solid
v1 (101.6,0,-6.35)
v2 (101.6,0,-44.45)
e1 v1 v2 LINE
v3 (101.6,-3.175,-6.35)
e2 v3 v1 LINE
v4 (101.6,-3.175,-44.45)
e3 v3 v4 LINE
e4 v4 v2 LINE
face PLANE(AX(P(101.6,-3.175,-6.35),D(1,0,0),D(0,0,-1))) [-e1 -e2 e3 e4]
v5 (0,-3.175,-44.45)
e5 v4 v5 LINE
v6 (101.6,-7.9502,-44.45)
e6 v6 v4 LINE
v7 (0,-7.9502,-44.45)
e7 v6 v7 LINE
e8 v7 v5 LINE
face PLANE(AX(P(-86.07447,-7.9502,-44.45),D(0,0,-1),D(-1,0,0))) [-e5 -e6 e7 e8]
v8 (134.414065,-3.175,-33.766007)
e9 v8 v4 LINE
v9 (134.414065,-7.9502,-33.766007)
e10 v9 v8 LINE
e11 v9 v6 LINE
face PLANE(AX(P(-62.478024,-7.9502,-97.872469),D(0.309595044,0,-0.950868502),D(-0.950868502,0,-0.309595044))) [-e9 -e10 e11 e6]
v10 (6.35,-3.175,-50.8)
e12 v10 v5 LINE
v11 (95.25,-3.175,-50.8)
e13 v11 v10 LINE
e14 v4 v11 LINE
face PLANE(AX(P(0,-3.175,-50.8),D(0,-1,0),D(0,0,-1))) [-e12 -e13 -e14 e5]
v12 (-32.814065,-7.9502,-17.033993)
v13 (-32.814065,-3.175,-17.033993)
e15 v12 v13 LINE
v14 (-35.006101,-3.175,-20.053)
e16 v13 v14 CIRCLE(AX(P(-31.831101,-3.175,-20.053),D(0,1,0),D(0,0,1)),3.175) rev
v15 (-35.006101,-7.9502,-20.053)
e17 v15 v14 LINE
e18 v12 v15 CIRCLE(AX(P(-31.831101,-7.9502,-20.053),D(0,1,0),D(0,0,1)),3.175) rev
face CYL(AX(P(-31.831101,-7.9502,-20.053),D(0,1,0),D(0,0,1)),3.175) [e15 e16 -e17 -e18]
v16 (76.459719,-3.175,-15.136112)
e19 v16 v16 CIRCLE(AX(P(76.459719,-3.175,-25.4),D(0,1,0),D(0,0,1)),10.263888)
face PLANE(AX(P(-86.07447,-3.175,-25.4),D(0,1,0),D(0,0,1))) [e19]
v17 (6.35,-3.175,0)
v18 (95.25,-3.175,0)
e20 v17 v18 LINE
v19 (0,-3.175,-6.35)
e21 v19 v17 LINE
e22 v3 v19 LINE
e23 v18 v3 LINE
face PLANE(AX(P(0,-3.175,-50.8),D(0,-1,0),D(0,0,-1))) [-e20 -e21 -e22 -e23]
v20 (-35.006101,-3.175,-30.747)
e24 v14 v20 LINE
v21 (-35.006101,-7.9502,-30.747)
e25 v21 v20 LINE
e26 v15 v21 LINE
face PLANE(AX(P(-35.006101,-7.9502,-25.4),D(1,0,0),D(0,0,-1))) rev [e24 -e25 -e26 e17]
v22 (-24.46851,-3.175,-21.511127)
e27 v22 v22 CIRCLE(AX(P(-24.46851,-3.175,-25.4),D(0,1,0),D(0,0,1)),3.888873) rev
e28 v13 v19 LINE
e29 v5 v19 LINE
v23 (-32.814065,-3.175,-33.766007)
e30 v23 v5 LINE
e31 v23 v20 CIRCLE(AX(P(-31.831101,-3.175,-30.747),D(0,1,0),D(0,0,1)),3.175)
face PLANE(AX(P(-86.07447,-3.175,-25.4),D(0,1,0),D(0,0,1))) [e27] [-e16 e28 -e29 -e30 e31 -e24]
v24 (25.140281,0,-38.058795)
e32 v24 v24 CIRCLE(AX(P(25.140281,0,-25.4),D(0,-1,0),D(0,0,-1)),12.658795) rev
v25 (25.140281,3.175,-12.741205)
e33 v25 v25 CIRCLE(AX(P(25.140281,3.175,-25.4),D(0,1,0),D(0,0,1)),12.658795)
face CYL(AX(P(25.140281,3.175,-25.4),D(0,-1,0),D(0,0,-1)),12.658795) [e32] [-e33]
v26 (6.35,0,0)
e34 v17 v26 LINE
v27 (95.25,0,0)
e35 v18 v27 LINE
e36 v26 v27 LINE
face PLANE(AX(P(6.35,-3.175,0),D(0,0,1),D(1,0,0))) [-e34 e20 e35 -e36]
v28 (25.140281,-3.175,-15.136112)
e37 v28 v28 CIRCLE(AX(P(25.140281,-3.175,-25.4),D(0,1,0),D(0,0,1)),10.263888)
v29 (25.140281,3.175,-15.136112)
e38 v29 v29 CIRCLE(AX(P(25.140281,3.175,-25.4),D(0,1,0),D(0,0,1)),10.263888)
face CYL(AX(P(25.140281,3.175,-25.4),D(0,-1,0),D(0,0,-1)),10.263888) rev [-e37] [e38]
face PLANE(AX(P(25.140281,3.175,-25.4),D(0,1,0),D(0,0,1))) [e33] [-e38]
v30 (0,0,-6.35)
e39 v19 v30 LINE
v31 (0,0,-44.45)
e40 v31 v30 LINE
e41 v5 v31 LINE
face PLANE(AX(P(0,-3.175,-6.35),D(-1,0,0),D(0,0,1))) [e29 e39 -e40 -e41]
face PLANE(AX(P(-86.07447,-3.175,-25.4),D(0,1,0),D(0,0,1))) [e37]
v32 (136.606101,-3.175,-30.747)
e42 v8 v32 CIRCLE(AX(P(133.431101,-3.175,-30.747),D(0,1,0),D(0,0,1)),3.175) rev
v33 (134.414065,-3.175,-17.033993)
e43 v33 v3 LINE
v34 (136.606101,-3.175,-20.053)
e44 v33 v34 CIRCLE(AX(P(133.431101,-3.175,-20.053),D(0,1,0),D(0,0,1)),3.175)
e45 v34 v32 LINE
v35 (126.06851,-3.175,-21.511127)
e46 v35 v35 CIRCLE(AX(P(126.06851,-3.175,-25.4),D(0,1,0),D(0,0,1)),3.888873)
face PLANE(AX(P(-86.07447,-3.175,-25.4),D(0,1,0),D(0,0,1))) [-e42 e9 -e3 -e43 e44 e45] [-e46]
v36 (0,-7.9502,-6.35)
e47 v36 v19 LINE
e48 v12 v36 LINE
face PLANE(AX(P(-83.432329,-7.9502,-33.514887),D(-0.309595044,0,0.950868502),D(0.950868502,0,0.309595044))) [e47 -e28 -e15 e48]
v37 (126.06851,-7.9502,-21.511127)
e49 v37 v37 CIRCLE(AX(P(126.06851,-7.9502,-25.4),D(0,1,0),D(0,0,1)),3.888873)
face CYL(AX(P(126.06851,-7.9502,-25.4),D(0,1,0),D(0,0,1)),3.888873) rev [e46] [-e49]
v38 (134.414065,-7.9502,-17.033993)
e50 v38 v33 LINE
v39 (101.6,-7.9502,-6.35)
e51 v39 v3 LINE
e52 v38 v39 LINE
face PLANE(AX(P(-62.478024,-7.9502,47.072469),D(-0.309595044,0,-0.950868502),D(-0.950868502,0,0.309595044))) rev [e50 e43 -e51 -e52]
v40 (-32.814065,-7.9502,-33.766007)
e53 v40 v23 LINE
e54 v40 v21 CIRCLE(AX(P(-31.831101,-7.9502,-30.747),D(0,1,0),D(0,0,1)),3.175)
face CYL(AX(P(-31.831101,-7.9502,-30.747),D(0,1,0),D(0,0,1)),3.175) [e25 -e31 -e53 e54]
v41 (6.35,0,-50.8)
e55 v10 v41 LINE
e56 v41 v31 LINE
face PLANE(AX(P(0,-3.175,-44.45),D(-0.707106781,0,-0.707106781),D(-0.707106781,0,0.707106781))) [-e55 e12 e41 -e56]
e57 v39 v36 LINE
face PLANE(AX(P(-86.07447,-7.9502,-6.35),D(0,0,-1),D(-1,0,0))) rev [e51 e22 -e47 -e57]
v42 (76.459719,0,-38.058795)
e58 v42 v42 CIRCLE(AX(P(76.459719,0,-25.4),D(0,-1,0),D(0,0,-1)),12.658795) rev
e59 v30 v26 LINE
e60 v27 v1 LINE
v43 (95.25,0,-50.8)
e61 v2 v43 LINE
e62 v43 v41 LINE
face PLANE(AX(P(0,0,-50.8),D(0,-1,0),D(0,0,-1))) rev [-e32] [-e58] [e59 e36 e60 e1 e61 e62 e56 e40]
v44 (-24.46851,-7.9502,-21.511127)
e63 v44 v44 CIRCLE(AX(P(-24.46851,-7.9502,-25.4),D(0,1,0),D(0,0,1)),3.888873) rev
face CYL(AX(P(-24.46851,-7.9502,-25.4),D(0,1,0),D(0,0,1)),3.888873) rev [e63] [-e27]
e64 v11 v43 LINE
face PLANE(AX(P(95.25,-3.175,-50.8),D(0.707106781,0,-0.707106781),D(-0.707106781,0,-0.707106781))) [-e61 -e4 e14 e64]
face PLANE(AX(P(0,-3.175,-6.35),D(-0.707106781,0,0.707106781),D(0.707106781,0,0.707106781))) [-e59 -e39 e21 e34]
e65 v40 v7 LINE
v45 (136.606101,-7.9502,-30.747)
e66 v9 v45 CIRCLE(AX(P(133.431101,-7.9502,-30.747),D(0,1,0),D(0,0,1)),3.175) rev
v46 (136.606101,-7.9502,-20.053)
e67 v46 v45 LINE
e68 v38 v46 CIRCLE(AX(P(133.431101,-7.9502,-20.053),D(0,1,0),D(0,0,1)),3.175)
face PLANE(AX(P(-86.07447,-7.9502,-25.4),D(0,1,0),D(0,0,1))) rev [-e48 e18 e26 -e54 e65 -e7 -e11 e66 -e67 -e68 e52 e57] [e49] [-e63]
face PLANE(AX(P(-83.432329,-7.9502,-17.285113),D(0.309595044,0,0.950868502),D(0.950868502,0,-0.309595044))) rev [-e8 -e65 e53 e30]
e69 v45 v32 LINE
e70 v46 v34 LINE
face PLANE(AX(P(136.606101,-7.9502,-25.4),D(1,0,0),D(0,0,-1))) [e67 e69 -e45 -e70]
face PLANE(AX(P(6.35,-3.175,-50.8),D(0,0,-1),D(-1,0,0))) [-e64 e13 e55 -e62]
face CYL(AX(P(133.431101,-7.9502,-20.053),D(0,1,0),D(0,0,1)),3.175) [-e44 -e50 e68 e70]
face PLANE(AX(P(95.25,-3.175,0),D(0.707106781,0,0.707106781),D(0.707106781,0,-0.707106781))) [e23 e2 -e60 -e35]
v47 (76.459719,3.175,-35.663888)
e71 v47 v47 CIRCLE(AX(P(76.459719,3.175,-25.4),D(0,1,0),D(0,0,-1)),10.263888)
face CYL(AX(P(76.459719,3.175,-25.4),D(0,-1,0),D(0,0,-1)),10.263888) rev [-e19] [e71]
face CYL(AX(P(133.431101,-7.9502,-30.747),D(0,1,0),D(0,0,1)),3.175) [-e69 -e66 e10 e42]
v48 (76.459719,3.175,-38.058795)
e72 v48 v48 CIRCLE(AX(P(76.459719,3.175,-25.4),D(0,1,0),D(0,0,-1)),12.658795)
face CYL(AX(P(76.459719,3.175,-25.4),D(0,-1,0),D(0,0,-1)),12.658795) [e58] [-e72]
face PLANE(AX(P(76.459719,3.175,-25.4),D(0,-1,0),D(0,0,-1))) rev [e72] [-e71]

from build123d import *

# Parameters (mm, degrees)
EXTRUDE1_DEPTH = 3.175
SKETCH5_R      = 12.6587948
SKETCH5_R_2    = 10.263887676
EXTRUDE2_DEPTH = 3.175
SKETCH7_R      = 10.263887676
EXTRUDE3_DEPTH = 114.636616568
SKETCH8_R      = 3.888872997
SKETCH8_W      = 50.8
SKETCH8_H      = 38.1
EXTRUDE4_DEPTH = 4.7752


with BuildPart() as part:
    # Sketch4 → Extrude1 (new body)
    with BuildSketch(Plane(origin=(0, 0, 0), x_dir=(1, 0, 0), z_dir=(0, 1, 0))):
        Polygon((0, 44.45), (6.35, 50.8), (95.25, 50.8), (101.6, 44.45), (101.6, 6.35), (95.25, 0), (6.35, 0), (0, 6.35), align=None)
    extrude(amount=-EXTRUDE1_DEPTH)

    # Sketch5 → Extrude2 (add)
    # profile 1 of 2: a face of its own
    with BuildSketch(Plane(origin=(0, 0, 0), x_dir=(1, 0, 0), z_dir=(0, 1, 0))):
        with Locations(Location((25.140280811, 25.4, 0), (0, 0, 90))):
            Circle(SKETCH5_R)
        with Locations(Location((25.140280811, 25.4, 0), (0, 0, 270))):
            Circle(SKETCH5_R_2, mode=Mode.SUBTRACT)
    # profile 2 of 2: a face of its own
    with BuildSketch(Plane(origin=(0, 0, 0), x_dir=(1, 0, 0), z_dir=(0, 1, 0))):
        with Locations(Location((76.459719189, 25.4, 0), (0, 0, 90))):
            Circle(SKETCH5_R)
        with Locations(Location((76.459719189, 25.4, 0), (0, 0, 90))):
            Circle(SKETCH5_R_2, mode=Mode.SUBTRACT)
    extrude(amount=EXTRUDE2_DEPTH)

    # Sketch7 → Extrude3 (cut, through all)
    with BuildSketch(Plane(origin=(0, 0, 0), x_dir=(1, 0, 0), z_dir=(0, 1, 0))):
        with Locations(Location((25.140280811, 25.4, 0), (0, 0, 270))):
            Circle(SKETCH7_R)
        with Locations(Location((76.459719189, 25.4, 0), (0, 0, 90))):
            Circle(SKETCH7_R)
    extrude(amount=-EXTRUDE3_DEPTH, mode=Mode.SUBTRACT)

    # Sketch8 → Extrude4 (add)
    # profile 1 of 4: a face of its own
    with BuildSketch(Plane(origin=(0, -3.175, 0), x_dir=(-1, 0, 0), z_dir=(0, 1, 0))):
        with BuildLine():
            ThreePointArc((-134.414065233, -33.76600747), (-136.000297004, -32.612437385), (-136.606100968, -30.746999975))
            Line((-136.606100968, -30.746999975), (-136.606100968, -20.053000025))
            ThreePointArc((-136.606100968, -20.053000025), (-136.000297004, -18.187562615), (-134.414065233, -17.03399253))
            Line((-134.414065233, -17.03399253), (-101.6, -6.35))
            Line((-101.6, -6.35), (-101.6, -44.45))
            Line((-101.6, -44.45), (-134.414065233, -33.76600747))
        make_face()
        with Locations(Location((-126.068509621, -25.4, 0), (0, 0, 90))):
            Circle(SKETCH8_R, mode=Mode.SUBTRACT)
    # profile 2 of 4: a face of its own
    with BuildSketch(Plane(origin=(0, -3.175, 0), x_dir=(-1, 0, 0), z_dir=(0, 1, 0))):
        with Locations((-76.2, -25.4)):
            Rectangle(SKETCH8_W, SKETCH8_H)
    # profile 3 of 4: a face of its own
    with BuildSketch(Plane(origin=(0, -3.175, 0), x_dir=(-1, 0, 0), z_dir=(0, 1, 0))):
        with Locations((-25.4, -25.4)):
            Rectangle(SKETCH8_W, SKETCH8_H)
    # profile 4 of 4: a face of its own
    with BuildSketch(Plane(origin=(0, -3.175, 0), x_dir=(-1, 0, 0), z_dir=(0, 1, 0))):
        with BuildLine():
            ThreePointArc((32.814065233, -17.03399253), (34.400297004, -18.187562615), (35.006100968, -20.053000025))
            Line((35.006100968, -20.053000025), (35.006100968, -30.746999975))
            ThreePointArc((35.006100968, -30.746999975), (34.400297004, -32.612437385), (32.814065233, -33.76600747))
            Line((32.814065233, -33.76600747), (0, -44.45))
            Line((0, -44.45), (0, -6.35))
            Line((0, -6.35), (32.814065233, -17.03399253))
        make_face()
        with Locations(Location((24.468509621, -25.4, 0), (0, 0, 90))):
            Circle(SKETCH8_R, mode=Mode.SUBTRACT)
    extrude(amount=-EXTRUDE4_DEPTH)


solid = part.part
